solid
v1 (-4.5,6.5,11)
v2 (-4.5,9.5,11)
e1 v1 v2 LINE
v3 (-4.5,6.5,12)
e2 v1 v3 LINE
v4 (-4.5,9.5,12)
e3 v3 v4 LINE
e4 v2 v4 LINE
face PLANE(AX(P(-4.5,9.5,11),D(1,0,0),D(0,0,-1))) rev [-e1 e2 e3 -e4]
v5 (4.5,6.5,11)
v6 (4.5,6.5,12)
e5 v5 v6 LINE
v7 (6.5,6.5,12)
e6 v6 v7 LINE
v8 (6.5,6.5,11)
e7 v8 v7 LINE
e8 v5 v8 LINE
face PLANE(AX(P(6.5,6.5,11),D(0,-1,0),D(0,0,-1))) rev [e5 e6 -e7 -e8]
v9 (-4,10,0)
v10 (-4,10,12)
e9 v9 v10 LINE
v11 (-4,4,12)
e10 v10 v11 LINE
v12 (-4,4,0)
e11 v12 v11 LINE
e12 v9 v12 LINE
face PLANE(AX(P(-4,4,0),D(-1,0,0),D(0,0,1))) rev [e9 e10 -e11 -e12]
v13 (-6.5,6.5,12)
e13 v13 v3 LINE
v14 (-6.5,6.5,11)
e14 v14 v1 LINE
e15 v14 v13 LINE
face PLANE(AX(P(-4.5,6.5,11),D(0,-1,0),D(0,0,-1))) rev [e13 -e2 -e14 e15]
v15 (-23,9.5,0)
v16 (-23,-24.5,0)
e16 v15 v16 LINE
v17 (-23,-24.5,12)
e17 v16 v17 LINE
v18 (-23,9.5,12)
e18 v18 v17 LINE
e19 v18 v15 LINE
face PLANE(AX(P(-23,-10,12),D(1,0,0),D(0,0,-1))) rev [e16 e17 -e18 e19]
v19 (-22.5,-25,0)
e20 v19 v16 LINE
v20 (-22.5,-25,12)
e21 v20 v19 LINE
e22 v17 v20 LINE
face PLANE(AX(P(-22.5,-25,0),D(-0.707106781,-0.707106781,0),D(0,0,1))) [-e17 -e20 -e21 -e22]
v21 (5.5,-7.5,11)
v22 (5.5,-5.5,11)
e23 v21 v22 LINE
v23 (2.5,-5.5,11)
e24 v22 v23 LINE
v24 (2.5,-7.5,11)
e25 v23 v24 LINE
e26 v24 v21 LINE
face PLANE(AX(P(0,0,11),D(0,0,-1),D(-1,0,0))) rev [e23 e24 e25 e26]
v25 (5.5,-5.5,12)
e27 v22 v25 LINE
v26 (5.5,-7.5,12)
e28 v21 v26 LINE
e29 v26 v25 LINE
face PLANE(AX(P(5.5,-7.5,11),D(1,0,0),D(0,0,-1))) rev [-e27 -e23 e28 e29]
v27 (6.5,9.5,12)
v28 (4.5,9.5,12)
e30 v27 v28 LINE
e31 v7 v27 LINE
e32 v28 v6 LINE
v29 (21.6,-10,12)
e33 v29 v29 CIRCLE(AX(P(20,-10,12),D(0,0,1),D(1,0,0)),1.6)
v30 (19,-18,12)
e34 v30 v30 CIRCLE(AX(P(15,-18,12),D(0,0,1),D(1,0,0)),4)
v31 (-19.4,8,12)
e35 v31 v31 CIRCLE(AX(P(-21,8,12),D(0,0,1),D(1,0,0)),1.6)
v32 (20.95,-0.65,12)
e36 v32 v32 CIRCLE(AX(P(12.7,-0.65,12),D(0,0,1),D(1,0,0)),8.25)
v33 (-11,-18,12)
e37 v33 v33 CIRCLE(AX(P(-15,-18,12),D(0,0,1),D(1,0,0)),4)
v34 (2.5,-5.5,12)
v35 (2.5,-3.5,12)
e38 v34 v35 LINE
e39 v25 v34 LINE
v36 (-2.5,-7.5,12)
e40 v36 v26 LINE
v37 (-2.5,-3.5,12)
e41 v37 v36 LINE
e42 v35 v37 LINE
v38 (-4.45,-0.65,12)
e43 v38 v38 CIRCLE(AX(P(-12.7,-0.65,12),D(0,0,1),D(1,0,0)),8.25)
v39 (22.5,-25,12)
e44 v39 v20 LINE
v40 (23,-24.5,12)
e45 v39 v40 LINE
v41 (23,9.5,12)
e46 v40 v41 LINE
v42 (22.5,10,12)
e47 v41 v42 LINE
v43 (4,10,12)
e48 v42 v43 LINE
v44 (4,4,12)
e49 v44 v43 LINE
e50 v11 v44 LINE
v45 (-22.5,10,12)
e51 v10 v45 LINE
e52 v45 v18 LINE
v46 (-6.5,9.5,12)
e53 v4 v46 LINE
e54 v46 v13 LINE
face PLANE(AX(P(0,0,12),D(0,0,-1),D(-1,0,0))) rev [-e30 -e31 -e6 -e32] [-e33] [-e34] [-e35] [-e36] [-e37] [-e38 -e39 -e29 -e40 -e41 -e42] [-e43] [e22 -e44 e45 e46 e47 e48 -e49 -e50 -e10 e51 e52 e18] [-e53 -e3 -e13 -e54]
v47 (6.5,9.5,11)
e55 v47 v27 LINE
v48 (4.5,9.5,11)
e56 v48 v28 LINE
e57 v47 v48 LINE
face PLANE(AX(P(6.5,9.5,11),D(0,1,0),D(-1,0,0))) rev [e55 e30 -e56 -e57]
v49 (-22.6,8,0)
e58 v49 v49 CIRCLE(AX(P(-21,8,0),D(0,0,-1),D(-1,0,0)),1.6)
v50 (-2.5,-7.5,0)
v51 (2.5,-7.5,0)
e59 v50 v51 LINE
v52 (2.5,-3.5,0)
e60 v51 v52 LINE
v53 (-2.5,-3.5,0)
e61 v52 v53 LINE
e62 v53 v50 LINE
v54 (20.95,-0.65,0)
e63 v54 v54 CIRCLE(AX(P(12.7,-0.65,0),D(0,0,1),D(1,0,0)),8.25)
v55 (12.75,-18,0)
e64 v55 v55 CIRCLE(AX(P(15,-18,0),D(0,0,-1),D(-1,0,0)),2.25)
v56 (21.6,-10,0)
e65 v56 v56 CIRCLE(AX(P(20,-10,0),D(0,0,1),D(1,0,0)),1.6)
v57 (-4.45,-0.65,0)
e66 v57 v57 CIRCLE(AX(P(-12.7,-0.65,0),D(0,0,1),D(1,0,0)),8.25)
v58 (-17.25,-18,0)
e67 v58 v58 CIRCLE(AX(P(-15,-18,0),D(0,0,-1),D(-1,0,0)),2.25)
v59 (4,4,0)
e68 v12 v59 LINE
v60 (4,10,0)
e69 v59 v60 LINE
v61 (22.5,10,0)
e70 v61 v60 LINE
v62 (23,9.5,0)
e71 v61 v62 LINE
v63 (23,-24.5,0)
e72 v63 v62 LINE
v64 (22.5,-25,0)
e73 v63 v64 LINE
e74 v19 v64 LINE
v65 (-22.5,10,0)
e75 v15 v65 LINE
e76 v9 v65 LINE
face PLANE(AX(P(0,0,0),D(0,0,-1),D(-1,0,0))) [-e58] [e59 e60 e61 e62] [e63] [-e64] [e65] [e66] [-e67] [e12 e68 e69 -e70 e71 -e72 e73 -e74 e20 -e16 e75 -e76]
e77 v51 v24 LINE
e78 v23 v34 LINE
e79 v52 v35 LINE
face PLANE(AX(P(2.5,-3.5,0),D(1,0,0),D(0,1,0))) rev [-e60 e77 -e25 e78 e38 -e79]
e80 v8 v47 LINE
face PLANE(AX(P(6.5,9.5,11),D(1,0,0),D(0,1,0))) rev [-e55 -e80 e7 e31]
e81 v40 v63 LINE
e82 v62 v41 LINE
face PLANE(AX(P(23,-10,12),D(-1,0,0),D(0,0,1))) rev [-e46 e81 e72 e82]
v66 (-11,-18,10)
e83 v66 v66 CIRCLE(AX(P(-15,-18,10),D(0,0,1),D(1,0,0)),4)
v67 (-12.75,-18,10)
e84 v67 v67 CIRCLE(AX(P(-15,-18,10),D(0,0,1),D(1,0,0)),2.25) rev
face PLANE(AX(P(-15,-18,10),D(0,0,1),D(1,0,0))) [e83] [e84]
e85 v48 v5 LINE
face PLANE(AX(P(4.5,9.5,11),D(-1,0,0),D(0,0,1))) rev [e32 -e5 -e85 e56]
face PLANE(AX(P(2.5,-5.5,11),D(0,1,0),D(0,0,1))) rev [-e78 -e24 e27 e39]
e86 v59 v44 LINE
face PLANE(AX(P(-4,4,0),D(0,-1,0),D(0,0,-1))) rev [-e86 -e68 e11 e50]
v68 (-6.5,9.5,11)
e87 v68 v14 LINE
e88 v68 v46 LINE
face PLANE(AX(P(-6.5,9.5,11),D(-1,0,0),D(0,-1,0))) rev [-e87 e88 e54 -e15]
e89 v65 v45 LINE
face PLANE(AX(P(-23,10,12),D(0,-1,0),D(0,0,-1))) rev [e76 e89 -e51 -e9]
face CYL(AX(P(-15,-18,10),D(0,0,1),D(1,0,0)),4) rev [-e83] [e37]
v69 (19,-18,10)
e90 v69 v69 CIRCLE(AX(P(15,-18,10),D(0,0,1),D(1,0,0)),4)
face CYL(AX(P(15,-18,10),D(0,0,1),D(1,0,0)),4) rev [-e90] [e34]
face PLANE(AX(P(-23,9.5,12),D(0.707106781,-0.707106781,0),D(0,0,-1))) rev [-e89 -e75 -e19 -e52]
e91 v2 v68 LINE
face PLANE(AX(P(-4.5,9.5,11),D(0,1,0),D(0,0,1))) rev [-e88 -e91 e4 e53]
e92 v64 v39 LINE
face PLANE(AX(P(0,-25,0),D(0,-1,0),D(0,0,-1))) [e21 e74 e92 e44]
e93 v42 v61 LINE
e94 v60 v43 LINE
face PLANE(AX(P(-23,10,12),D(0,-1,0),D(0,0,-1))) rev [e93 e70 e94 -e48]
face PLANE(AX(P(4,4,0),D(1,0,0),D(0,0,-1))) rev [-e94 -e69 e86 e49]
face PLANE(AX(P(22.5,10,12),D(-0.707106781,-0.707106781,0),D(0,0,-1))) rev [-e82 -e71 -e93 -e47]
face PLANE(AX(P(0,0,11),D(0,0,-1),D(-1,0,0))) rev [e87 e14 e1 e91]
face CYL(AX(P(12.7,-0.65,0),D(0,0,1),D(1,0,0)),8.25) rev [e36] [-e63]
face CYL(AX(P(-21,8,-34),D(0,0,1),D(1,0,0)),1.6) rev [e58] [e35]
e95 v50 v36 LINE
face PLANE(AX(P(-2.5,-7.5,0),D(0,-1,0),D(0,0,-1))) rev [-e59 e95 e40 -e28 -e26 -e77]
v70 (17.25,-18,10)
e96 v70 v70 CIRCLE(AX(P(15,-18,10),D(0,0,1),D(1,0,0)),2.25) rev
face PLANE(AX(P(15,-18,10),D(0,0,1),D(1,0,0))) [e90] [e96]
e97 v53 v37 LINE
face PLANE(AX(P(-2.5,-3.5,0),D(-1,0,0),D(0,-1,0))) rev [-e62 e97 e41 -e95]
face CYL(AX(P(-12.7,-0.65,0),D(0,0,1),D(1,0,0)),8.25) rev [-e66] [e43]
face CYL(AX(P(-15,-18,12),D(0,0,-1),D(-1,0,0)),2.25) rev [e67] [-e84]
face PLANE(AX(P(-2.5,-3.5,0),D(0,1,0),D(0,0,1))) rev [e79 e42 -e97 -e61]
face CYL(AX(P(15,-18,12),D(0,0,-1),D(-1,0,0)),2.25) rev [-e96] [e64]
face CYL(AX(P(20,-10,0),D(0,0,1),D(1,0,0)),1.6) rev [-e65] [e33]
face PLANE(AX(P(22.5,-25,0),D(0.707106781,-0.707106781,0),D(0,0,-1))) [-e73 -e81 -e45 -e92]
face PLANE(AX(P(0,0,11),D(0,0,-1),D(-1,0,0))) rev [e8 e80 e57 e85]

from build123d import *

# Parameters (mm, degrees)
SKETCH_1_W           = 46
SKETCH_1_H           = 20
EXTRUDE_1_DEPTH      = 12
SKETCH_2_R           = 8.25
CUT_EXTRUDE_1_DEPTH  = 13
SKETCH_3_W           = 8
SKETCH_3_H           = 6
CUT_EXTRUDE_2_DEPTH  = 13
SKETCH_4_W           = 5
SKETCH_4_H           = 4
CUT_EXTRUDE_3_DEPTH  = 13
SKETCH_5_W           = 3
SKETCH_5_H           = 2
SKETCH_5_W_2         = 2
SKETCH_5_H_2         = 3
CUT_EXTRUDE_4_DEPTH  = 1
SKETCH_6_W           = 46
SKETCH_6_H           = 12
EXTRUDE_2_DEPTH      = 15
SKETCH_14_R          = 1.6
CUT_EXTRUDE_10_DEPTH = 46
SKETCH_15_R          = 2.25
CUT_EXTRUDE_11_DEPTH = 13
SKETCH1_R            = 1.6
CUT_EXTRUDE1_DEPTH   = 13
SKETCH2_R            = 4
CUT_EXTRUDE2_DEPTH   = 2
CHAMFER1_SIZE        = 0.5
CHAMFER2_SIZE        = 0.5


with BuildPart() as part:
    # 草圖1 → 填料-伸長1 (new body)
    with BuildSketch(Plane.XY):
        Rectangle(SKETCH_1_W, SKETCH_1_H)
    extrude(amount=EXTRUDE_1_DEPTH)

    # 草圖2 → 除料-伸長1 (cut, through all)
    with BuildSketch(Plane.XY.offset(12)):
        with Locations((-12.7, -0.65)):
            Circle(SKETCH_2_R)
        with Locations((12.7, -0.65)):
            Circle(SKETCH_2_R)
    extrude(amount=-CUT_EXTRUDE_1_DEPTH, mode=Mode.SUBTRACT)

    # 草圖3 → 除料-伸長2 (cut, through all)
    with BuildSketch(Plane.XY.offset(12)):
        with Locations((0, 7)):
            Rectangle(SKETCH_3_W, SKETCH_3_H)
    extrude(amount=-CUT_EXTRUDE_2_DEPTH, mode=Mode.SUBTRACT)

    # 草圖4 → 除料-伸長3 (cut, through all)
    with BuildSketch(Plane.XY.offset(12)):
        with Locations((0, -5.5)):
            Rectangle(SKETCH_4_W, SKETCH_4_H)
    extrude(amount=-CUT_EXTRUDE_3_DEPTH, mode=Mode.SUBTRACT)

    # 草圖5 → 除料-伸長4 (cut)
    with BuildSketch(Plane.XY.offset(12)):
        with Locations((4, -6.5)):
            Rectangle(SKETCH_5_W, SKETCH_5_H)
        with Locations((-5.5, 8)):
            Rectangle(SKETCH_5_W_2, SKETCH_5_H_2)
        with Locations((5.5, 8)):
            Rectangle(SKETCH_5_W_2, SKETCH_5_H_2)
    extrude(amount=-CUT_EXTRUDE_4_DEPTH, mode=Mode.SUBTRACT)

    # 草圖6 → 填料-伸長2 (add)
    with BuildSketch(Plane.XZ.offset(10)):
        with Locations((0, 6)):
            Rectangle(SKETCH_6_W, SKETCH_6_H)
    extrude(amount=EXTRUDE_2_DEPTH)

    # 草圖14 → 除料-伸長10 (cut)
    with BuildSketch(Plane.XY.offset(12)):
        with Locations((-21, 8)):
            Circle(SKETCH_14_R)
    extrude(amount=-CUT_EXTRUDE_10_DEPTH, mode=Mode.SUBTRACT)

    # 草圖15 → 除料-伸長11 (cut, through all)
    with BuildSketch(Plane(origin=(0, 0, 0), x_dir=(-1, 0, 0), z_dir=(0, 0, -1))):
        with Locations((-15, -18)):
            Circle(SKETCH_15_R)
        with Locations((15, -18)):
            Circle(SKETCH_15_R)
    extrude(amount=-CUT_EXTRUDE_11_DEPTH, mode=Mode.SUBTRACT)

    # Sketch1 → Cut-Extrude1 (cut, through all)
    with BuildSketch(Plane.XY.offset(12)):
        with Locations((20, -10)):
            Circle(SKETCH1_R)
    extrude(amount=-CUT_EXTRUDE1_DEPTH, mode=Mode.SUBTRACT)

    # Sketch2 → Cut-Extrude2 (cut)
    with BuildSketch(Plane.XY.offset(12)):
        with Locations((-15, -18)):
            Circle(SKETCH2_R)
        with Locations((15, -18)):
            Circle(SKETCH2_R)
    extrude(amount=-CUT_EXTRUDE2_DEPTH, mode=Mode.SUBTRACT)

    # Chamfer1
    chamfer1_edges = [part.edges().sort_by_distance(p)[0] for p in [
        (-23, 10, 6),
        (23, 10, 6),
    ]]
    chamfer(chamfer1_edges, length=CHAMFER1_SIZE)

    # Chamfer2
    chamfer2_edges = [part.edges().sort_by_distance(p)[0] for p in [
        (-23, -25, 6),
        (23, -25, 6),
    ]]
    chamfer(chamfer2_edges, length=CHAMFER2_SIZE)


solid = part.part
